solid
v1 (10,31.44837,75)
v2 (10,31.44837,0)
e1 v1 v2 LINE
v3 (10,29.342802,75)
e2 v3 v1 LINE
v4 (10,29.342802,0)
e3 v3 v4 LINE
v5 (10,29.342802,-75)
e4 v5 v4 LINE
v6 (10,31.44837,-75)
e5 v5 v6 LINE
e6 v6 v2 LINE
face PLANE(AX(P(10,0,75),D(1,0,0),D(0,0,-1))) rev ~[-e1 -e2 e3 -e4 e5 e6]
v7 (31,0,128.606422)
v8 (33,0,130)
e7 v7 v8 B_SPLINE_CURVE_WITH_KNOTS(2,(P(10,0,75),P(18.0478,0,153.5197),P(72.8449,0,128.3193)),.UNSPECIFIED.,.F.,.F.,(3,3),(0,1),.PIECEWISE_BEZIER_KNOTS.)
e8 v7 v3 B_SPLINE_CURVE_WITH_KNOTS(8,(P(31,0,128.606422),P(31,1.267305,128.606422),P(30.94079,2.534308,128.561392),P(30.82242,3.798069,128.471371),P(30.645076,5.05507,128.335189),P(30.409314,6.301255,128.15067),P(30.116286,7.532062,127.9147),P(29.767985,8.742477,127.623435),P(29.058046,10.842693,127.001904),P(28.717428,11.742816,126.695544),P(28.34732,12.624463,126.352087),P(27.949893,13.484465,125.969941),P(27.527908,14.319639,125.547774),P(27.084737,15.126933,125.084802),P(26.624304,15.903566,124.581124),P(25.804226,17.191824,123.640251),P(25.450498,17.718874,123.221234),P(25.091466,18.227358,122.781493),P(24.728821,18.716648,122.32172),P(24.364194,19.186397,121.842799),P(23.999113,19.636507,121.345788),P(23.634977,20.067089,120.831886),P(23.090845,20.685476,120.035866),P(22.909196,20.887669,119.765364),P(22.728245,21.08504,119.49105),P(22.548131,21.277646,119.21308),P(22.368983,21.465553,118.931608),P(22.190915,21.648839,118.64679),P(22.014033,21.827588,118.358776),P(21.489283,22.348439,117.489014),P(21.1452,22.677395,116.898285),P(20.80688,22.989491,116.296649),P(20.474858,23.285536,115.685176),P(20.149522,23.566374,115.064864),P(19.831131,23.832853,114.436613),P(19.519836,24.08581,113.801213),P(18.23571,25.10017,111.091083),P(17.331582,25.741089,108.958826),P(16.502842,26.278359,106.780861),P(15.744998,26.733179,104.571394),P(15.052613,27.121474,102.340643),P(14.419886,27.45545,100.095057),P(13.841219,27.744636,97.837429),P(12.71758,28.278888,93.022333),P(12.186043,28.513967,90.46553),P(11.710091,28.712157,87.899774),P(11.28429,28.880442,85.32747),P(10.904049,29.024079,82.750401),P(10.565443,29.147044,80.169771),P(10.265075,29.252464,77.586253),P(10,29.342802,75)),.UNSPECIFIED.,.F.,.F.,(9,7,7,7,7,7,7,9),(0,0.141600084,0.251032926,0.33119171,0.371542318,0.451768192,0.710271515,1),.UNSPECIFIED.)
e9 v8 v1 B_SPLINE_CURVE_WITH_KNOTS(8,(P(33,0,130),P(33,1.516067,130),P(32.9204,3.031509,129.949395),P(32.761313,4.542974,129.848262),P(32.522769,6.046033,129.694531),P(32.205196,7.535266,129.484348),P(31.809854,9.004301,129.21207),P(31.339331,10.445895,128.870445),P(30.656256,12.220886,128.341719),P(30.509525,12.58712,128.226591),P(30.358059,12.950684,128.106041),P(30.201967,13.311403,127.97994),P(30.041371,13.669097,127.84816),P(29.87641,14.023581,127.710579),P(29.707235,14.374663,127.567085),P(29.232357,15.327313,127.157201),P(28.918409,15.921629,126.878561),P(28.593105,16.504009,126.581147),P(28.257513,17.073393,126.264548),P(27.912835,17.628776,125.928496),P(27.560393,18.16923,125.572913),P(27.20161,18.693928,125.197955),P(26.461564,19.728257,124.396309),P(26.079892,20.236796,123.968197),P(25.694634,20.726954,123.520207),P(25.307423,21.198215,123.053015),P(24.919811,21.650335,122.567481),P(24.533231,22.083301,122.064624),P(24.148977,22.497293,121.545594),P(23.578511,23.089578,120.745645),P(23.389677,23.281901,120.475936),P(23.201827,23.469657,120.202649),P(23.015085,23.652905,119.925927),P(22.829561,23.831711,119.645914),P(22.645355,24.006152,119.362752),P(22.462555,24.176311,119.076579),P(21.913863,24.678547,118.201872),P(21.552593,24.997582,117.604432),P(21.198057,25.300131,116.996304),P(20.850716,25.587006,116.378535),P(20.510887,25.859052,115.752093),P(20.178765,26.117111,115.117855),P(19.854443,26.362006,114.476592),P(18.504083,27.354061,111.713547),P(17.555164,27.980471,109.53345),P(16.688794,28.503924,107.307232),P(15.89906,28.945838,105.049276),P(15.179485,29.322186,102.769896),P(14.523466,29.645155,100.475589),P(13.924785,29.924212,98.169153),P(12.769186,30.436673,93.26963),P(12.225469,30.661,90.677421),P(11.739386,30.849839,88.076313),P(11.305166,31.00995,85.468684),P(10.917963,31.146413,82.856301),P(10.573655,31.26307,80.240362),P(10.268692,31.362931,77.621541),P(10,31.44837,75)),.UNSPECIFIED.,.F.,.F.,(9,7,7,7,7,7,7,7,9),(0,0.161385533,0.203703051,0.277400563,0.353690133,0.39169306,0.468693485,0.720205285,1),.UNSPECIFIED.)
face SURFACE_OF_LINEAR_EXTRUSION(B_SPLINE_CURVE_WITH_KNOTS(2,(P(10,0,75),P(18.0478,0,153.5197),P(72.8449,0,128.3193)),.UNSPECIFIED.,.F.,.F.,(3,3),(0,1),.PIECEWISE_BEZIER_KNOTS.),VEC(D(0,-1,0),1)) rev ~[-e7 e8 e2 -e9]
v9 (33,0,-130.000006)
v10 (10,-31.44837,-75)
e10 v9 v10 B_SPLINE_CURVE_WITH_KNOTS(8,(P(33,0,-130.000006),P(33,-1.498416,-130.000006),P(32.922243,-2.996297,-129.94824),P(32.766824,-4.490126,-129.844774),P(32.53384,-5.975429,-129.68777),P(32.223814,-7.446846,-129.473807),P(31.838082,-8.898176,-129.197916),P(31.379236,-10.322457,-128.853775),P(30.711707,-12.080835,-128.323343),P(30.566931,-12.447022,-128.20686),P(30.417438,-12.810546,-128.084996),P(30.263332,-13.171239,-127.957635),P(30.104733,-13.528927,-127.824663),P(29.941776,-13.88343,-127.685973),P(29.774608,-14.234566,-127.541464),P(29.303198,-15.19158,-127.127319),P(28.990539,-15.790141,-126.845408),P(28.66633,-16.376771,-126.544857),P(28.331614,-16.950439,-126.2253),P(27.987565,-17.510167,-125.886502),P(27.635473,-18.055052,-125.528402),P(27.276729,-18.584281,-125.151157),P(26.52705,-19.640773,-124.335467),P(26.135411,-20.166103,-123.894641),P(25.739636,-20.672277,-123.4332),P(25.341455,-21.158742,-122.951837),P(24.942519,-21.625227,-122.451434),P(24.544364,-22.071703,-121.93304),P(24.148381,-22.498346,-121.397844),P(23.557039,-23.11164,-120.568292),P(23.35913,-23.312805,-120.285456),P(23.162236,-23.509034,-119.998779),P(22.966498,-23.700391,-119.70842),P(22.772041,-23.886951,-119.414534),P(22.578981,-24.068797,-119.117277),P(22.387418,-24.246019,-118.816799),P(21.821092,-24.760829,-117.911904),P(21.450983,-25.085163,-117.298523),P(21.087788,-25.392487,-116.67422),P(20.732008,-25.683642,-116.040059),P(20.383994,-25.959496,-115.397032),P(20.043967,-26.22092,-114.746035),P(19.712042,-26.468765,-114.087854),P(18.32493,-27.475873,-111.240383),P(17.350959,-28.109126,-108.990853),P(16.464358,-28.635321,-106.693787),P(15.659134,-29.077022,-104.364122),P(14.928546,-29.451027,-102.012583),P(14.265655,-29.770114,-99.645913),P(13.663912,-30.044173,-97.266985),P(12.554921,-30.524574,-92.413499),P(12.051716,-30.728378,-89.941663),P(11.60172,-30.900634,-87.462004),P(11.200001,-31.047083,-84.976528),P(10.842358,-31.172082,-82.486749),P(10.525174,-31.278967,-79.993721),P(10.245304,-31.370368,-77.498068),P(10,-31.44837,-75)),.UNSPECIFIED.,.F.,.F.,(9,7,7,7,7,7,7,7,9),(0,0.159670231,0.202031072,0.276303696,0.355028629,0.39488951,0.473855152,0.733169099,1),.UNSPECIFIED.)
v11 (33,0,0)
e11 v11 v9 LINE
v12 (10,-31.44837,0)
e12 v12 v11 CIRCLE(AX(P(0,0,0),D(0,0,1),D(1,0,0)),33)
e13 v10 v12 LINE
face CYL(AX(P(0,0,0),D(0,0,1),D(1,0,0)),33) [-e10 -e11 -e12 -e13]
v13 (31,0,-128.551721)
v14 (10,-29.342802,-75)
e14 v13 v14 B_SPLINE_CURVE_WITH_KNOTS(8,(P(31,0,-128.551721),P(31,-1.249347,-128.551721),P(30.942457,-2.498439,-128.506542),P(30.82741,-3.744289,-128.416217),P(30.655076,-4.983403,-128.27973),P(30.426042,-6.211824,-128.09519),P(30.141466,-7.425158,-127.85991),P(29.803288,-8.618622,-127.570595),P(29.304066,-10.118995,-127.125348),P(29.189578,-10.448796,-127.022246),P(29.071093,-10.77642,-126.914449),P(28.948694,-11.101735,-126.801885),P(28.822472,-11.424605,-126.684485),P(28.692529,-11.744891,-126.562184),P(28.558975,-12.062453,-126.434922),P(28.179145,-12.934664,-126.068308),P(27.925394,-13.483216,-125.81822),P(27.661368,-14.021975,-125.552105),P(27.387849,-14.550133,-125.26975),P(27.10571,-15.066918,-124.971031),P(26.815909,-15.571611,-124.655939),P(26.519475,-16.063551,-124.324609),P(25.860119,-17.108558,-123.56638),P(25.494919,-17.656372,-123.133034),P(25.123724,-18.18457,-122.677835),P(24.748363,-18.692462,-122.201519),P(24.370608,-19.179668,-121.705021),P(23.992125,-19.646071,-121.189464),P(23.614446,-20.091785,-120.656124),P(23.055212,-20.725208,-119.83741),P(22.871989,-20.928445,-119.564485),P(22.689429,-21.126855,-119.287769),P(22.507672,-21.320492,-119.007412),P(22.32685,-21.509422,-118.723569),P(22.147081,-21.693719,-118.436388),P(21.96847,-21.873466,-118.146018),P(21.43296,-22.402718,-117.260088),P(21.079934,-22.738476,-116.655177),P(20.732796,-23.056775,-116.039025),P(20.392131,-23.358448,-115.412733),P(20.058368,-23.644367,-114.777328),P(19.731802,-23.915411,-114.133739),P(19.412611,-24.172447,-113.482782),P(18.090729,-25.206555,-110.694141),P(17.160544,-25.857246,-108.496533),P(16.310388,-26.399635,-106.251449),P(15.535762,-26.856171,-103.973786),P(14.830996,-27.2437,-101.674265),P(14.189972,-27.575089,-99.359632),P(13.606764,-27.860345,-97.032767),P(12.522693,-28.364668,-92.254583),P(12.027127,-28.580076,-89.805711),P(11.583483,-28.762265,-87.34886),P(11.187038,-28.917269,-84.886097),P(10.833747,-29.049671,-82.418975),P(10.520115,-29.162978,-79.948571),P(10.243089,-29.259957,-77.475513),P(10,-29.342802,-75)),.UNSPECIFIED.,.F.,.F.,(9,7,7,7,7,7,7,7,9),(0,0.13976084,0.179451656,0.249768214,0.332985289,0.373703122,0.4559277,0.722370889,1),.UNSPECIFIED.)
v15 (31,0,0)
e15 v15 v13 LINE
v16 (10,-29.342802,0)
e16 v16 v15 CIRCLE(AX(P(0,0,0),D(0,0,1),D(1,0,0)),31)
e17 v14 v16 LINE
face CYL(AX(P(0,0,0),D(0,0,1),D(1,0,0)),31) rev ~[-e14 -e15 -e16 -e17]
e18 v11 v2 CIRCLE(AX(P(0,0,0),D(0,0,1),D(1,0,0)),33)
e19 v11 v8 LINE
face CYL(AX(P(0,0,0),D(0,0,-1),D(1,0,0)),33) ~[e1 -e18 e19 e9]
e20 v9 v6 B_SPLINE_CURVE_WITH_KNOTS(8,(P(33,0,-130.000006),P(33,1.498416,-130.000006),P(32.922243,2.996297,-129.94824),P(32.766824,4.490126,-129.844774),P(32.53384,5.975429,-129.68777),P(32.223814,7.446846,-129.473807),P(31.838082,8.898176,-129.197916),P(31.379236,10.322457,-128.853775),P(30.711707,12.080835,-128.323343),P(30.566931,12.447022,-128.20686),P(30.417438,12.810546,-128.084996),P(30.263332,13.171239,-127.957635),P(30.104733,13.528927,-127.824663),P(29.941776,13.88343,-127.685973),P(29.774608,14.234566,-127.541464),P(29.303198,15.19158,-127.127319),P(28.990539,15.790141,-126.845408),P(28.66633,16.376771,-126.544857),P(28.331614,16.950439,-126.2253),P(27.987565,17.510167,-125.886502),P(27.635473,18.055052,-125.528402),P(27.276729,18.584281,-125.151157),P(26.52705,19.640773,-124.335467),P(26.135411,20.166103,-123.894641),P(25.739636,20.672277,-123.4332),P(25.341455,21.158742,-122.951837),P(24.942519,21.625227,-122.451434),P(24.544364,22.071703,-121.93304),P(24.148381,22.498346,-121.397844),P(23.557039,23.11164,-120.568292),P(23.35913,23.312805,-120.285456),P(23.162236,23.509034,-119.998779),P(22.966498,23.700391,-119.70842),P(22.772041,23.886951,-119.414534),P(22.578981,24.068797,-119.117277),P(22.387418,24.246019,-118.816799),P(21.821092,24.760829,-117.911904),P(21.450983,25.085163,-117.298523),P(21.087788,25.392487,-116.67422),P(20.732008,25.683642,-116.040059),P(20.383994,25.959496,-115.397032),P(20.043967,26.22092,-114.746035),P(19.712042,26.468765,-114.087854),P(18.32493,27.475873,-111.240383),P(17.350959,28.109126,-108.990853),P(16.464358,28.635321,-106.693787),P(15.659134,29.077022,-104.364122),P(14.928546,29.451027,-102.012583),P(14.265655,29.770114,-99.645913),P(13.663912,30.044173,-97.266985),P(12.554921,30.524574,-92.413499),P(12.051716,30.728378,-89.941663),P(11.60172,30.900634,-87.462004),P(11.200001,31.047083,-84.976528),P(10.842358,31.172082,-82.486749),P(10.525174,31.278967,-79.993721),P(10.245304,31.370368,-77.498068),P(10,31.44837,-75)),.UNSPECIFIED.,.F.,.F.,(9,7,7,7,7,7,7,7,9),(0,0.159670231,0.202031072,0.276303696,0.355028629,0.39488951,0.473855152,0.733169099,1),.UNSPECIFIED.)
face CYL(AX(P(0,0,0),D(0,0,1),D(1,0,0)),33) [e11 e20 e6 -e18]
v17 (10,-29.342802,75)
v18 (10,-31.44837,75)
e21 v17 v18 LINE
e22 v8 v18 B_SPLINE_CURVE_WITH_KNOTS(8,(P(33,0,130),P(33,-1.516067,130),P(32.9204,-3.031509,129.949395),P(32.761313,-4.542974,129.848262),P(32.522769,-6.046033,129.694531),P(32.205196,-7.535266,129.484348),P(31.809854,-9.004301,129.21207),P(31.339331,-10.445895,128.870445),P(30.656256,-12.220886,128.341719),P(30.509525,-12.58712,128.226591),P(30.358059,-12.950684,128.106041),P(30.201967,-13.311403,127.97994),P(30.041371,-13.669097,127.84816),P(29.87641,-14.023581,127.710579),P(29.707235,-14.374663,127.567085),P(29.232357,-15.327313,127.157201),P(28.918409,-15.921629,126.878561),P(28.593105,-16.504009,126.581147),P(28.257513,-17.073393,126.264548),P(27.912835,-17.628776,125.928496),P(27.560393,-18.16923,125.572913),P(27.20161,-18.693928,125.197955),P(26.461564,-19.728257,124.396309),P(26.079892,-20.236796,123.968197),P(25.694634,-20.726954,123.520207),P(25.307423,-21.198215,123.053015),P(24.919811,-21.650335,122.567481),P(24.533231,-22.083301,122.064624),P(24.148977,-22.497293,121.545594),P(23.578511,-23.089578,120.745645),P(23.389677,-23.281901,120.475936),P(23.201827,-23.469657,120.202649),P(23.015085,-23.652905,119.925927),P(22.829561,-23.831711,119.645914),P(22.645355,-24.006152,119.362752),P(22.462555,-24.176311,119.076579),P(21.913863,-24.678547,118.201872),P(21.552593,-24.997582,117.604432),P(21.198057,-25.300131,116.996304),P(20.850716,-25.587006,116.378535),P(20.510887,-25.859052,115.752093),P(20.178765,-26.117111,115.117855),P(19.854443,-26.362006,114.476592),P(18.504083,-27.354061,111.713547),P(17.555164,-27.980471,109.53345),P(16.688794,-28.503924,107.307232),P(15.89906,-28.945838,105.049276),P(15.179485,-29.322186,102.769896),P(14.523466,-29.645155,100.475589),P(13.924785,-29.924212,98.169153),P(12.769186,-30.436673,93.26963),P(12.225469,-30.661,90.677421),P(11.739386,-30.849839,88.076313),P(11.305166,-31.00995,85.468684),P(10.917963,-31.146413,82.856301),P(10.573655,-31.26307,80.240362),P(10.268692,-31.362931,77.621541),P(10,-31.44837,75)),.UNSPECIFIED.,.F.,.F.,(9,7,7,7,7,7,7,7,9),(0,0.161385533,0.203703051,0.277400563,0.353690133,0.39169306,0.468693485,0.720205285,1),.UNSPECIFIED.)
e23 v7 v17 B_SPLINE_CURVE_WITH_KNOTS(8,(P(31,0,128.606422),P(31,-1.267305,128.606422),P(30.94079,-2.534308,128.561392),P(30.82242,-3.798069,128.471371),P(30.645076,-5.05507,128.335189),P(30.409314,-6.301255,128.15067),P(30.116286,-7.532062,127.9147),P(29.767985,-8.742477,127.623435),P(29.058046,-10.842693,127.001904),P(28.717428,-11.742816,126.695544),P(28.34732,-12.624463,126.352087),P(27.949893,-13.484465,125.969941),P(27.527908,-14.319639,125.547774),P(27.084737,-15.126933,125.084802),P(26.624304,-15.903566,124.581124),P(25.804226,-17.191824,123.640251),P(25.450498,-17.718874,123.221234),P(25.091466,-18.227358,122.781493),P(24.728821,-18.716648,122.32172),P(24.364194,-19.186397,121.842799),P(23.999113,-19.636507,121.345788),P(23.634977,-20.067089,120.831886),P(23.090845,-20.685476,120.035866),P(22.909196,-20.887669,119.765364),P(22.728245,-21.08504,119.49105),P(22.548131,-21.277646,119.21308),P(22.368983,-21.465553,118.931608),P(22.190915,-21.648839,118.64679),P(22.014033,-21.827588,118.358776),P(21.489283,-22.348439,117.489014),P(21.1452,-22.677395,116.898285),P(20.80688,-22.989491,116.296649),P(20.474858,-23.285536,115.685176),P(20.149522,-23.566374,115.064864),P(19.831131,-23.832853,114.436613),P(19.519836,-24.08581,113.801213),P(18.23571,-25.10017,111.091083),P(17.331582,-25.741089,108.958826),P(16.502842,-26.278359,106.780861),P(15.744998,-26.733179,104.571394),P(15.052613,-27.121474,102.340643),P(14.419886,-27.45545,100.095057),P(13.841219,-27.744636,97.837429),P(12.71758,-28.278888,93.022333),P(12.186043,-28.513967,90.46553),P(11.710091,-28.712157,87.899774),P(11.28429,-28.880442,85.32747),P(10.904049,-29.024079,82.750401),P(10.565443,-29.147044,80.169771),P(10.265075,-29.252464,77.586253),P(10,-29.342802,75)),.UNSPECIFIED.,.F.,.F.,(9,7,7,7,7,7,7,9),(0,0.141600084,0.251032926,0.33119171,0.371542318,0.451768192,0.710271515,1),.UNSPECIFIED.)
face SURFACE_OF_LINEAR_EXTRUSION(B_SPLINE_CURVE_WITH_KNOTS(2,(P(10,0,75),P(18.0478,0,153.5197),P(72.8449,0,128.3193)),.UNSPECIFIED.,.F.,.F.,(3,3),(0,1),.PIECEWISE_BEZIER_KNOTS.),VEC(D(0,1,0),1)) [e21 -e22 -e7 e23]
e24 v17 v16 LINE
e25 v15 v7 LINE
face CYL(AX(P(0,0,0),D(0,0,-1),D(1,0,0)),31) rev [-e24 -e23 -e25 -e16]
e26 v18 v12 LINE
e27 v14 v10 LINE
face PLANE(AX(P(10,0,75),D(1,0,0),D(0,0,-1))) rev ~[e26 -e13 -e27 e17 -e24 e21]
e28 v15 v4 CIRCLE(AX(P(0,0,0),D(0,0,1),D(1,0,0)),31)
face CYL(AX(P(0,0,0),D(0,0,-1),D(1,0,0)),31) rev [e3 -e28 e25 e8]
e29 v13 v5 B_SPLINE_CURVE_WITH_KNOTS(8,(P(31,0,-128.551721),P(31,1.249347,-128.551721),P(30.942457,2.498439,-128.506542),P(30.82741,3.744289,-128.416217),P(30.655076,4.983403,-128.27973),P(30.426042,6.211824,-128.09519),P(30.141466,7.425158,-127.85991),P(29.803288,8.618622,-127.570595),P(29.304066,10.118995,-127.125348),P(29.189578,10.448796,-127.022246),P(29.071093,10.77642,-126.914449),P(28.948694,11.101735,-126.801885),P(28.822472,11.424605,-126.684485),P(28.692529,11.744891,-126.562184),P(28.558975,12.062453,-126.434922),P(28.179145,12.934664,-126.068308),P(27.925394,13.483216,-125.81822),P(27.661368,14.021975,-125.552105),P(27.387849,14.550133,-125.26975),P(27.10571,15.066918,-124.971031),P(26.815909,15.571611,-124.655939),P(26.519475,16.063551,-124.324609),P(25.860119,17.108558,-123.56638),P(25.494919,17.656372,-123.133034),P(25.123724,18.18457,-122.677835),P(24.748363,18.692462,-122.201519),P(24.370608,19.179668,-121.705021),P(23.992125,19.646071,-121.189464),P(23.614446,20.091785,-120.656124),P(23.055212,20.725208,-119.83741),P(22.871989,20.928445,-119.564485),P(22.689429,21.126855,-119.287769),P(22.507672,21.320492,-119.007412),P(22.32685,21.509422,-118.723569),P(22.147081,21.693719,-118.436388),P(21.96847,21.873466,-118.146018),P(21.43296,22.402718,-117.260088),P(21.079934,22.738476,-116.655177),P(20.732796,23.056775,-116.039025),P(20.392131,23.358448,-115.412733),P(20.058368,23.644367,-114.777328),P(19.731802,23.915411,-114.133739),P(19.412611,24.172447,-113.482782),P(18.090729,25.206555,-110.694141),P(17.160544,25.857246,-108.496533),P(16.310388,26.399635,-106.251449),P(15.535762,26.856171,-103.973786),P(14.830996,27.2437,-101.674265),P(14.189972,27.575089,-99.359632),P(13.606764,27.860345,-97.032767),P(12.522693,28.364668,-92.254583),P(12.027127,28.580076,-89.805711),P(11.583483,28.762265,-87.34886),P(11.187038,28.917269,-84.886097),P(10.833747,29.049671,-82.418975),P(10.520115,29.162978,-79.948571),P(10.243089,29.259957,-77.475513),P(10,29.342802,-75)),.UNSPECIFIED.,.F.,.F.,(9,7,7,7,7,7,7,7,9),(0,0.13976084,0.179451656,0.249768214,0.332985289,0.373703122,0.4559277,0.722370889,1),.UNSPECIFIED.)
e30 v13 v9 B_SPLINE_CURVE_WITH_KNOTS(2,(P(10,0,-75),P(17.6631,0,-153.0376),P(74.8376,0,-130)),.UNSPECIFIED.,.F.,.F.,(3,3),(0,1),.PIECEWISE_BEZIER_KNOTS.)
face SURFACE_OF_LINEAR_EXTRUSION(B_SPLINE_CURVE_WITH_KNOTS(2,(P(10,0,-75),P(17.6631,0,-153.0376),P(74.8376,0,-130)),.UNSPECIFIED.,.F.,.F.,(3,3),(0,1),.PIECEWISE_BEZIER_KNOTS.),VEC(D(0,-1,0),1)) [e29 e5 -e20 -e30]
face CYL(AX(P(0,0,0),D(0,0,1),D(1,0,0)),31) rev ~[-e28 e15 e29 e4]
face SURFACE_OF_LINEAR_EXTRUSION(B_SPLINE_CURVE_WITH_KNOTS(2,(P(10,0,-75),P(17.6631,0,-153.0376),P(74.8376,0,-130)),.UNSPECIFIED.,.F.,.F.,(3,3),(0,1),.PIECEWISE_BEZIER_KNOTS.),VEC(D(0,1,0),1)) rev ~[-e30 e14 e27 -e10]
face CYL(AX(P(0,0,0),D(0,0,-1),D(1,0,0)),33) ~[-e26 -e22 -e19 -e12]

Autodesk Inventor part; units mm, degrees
ref_plane "YZ Plane" through (0, 0, 0) normal (1, 0, 0) x (0, 1, 0)
ref_plane "XZ Plane" through (0, 0, 0) normal (0, 1, 0) x (-1, 0, 0)
ref_plane "XY Plane" through (0, 0, 0) normal (0, 0, 1) x (1, 0, 0)
sketch "Skizze1" plane through (0, 0, 0) normal (0, 0, 1) x (1, 0, 0)
  circle A0 centre (0, 0) radius 33
  circle A1 centre (0, 0) radius 31
  dimension "d0" = 66
  dimension "d1" = 62
extrude "Extrusion1" add sketch "Skizze1" along normal mid plane 300
sketch "Skizze2" plane through (0, 0, 0) normal (0, 1, 0) x (-1, 0, 0)
  line L0 (-10, 169.5773) -> (-10, -169.8146) construction
  line L1 (-74.8376, 0) -> (82.6362, 0) construction
  line L2 (-10, 75) -> (-10, -75)
  line L3 (-33, -150) -> (-33, 150) projected
  line L4 (33, 150) -> (-33, 150) projected
  line L5 (-33, -150) -> (33, -150) projected
  spline S0 degree 2 poles (-10, 75) (-18.0478, 153.5197) (-72.8449, 128.3193) knots 0 0 0 1 1 1
  spline S1 degree 2 poles (-10, -75) (-17.6631, -153.0376) (-74.8376, -130) knots 0 0 0 1 1 1
  line L6 (33, -150) -> (-33, -150)
  line L7 (33, -150) -> (33, 150)
  line L8 (33, -150) -> (33, 150) projected
  line L9 (33, 150) -> (-33, 150)
  line L10 (-33, 150) -> (-33, 130)
  line L11 (-33, -150) -> (-33, 150) projected
  line L12 (33, -150) -> (-33, -150)
  point P0 (0, 0)
  point P1 (-33, -130)
  dimension "d4" = 10
  dimension "d5" = 150
  dimension "d6" = 20
  dimension "d7" = 20
extrude "Extrusion3" cut sketch "Skizze2" against normal mid plane 70 contours S0 L3 L4 L7 L5 S1 L2
properties part number "Segment_Deckel"
